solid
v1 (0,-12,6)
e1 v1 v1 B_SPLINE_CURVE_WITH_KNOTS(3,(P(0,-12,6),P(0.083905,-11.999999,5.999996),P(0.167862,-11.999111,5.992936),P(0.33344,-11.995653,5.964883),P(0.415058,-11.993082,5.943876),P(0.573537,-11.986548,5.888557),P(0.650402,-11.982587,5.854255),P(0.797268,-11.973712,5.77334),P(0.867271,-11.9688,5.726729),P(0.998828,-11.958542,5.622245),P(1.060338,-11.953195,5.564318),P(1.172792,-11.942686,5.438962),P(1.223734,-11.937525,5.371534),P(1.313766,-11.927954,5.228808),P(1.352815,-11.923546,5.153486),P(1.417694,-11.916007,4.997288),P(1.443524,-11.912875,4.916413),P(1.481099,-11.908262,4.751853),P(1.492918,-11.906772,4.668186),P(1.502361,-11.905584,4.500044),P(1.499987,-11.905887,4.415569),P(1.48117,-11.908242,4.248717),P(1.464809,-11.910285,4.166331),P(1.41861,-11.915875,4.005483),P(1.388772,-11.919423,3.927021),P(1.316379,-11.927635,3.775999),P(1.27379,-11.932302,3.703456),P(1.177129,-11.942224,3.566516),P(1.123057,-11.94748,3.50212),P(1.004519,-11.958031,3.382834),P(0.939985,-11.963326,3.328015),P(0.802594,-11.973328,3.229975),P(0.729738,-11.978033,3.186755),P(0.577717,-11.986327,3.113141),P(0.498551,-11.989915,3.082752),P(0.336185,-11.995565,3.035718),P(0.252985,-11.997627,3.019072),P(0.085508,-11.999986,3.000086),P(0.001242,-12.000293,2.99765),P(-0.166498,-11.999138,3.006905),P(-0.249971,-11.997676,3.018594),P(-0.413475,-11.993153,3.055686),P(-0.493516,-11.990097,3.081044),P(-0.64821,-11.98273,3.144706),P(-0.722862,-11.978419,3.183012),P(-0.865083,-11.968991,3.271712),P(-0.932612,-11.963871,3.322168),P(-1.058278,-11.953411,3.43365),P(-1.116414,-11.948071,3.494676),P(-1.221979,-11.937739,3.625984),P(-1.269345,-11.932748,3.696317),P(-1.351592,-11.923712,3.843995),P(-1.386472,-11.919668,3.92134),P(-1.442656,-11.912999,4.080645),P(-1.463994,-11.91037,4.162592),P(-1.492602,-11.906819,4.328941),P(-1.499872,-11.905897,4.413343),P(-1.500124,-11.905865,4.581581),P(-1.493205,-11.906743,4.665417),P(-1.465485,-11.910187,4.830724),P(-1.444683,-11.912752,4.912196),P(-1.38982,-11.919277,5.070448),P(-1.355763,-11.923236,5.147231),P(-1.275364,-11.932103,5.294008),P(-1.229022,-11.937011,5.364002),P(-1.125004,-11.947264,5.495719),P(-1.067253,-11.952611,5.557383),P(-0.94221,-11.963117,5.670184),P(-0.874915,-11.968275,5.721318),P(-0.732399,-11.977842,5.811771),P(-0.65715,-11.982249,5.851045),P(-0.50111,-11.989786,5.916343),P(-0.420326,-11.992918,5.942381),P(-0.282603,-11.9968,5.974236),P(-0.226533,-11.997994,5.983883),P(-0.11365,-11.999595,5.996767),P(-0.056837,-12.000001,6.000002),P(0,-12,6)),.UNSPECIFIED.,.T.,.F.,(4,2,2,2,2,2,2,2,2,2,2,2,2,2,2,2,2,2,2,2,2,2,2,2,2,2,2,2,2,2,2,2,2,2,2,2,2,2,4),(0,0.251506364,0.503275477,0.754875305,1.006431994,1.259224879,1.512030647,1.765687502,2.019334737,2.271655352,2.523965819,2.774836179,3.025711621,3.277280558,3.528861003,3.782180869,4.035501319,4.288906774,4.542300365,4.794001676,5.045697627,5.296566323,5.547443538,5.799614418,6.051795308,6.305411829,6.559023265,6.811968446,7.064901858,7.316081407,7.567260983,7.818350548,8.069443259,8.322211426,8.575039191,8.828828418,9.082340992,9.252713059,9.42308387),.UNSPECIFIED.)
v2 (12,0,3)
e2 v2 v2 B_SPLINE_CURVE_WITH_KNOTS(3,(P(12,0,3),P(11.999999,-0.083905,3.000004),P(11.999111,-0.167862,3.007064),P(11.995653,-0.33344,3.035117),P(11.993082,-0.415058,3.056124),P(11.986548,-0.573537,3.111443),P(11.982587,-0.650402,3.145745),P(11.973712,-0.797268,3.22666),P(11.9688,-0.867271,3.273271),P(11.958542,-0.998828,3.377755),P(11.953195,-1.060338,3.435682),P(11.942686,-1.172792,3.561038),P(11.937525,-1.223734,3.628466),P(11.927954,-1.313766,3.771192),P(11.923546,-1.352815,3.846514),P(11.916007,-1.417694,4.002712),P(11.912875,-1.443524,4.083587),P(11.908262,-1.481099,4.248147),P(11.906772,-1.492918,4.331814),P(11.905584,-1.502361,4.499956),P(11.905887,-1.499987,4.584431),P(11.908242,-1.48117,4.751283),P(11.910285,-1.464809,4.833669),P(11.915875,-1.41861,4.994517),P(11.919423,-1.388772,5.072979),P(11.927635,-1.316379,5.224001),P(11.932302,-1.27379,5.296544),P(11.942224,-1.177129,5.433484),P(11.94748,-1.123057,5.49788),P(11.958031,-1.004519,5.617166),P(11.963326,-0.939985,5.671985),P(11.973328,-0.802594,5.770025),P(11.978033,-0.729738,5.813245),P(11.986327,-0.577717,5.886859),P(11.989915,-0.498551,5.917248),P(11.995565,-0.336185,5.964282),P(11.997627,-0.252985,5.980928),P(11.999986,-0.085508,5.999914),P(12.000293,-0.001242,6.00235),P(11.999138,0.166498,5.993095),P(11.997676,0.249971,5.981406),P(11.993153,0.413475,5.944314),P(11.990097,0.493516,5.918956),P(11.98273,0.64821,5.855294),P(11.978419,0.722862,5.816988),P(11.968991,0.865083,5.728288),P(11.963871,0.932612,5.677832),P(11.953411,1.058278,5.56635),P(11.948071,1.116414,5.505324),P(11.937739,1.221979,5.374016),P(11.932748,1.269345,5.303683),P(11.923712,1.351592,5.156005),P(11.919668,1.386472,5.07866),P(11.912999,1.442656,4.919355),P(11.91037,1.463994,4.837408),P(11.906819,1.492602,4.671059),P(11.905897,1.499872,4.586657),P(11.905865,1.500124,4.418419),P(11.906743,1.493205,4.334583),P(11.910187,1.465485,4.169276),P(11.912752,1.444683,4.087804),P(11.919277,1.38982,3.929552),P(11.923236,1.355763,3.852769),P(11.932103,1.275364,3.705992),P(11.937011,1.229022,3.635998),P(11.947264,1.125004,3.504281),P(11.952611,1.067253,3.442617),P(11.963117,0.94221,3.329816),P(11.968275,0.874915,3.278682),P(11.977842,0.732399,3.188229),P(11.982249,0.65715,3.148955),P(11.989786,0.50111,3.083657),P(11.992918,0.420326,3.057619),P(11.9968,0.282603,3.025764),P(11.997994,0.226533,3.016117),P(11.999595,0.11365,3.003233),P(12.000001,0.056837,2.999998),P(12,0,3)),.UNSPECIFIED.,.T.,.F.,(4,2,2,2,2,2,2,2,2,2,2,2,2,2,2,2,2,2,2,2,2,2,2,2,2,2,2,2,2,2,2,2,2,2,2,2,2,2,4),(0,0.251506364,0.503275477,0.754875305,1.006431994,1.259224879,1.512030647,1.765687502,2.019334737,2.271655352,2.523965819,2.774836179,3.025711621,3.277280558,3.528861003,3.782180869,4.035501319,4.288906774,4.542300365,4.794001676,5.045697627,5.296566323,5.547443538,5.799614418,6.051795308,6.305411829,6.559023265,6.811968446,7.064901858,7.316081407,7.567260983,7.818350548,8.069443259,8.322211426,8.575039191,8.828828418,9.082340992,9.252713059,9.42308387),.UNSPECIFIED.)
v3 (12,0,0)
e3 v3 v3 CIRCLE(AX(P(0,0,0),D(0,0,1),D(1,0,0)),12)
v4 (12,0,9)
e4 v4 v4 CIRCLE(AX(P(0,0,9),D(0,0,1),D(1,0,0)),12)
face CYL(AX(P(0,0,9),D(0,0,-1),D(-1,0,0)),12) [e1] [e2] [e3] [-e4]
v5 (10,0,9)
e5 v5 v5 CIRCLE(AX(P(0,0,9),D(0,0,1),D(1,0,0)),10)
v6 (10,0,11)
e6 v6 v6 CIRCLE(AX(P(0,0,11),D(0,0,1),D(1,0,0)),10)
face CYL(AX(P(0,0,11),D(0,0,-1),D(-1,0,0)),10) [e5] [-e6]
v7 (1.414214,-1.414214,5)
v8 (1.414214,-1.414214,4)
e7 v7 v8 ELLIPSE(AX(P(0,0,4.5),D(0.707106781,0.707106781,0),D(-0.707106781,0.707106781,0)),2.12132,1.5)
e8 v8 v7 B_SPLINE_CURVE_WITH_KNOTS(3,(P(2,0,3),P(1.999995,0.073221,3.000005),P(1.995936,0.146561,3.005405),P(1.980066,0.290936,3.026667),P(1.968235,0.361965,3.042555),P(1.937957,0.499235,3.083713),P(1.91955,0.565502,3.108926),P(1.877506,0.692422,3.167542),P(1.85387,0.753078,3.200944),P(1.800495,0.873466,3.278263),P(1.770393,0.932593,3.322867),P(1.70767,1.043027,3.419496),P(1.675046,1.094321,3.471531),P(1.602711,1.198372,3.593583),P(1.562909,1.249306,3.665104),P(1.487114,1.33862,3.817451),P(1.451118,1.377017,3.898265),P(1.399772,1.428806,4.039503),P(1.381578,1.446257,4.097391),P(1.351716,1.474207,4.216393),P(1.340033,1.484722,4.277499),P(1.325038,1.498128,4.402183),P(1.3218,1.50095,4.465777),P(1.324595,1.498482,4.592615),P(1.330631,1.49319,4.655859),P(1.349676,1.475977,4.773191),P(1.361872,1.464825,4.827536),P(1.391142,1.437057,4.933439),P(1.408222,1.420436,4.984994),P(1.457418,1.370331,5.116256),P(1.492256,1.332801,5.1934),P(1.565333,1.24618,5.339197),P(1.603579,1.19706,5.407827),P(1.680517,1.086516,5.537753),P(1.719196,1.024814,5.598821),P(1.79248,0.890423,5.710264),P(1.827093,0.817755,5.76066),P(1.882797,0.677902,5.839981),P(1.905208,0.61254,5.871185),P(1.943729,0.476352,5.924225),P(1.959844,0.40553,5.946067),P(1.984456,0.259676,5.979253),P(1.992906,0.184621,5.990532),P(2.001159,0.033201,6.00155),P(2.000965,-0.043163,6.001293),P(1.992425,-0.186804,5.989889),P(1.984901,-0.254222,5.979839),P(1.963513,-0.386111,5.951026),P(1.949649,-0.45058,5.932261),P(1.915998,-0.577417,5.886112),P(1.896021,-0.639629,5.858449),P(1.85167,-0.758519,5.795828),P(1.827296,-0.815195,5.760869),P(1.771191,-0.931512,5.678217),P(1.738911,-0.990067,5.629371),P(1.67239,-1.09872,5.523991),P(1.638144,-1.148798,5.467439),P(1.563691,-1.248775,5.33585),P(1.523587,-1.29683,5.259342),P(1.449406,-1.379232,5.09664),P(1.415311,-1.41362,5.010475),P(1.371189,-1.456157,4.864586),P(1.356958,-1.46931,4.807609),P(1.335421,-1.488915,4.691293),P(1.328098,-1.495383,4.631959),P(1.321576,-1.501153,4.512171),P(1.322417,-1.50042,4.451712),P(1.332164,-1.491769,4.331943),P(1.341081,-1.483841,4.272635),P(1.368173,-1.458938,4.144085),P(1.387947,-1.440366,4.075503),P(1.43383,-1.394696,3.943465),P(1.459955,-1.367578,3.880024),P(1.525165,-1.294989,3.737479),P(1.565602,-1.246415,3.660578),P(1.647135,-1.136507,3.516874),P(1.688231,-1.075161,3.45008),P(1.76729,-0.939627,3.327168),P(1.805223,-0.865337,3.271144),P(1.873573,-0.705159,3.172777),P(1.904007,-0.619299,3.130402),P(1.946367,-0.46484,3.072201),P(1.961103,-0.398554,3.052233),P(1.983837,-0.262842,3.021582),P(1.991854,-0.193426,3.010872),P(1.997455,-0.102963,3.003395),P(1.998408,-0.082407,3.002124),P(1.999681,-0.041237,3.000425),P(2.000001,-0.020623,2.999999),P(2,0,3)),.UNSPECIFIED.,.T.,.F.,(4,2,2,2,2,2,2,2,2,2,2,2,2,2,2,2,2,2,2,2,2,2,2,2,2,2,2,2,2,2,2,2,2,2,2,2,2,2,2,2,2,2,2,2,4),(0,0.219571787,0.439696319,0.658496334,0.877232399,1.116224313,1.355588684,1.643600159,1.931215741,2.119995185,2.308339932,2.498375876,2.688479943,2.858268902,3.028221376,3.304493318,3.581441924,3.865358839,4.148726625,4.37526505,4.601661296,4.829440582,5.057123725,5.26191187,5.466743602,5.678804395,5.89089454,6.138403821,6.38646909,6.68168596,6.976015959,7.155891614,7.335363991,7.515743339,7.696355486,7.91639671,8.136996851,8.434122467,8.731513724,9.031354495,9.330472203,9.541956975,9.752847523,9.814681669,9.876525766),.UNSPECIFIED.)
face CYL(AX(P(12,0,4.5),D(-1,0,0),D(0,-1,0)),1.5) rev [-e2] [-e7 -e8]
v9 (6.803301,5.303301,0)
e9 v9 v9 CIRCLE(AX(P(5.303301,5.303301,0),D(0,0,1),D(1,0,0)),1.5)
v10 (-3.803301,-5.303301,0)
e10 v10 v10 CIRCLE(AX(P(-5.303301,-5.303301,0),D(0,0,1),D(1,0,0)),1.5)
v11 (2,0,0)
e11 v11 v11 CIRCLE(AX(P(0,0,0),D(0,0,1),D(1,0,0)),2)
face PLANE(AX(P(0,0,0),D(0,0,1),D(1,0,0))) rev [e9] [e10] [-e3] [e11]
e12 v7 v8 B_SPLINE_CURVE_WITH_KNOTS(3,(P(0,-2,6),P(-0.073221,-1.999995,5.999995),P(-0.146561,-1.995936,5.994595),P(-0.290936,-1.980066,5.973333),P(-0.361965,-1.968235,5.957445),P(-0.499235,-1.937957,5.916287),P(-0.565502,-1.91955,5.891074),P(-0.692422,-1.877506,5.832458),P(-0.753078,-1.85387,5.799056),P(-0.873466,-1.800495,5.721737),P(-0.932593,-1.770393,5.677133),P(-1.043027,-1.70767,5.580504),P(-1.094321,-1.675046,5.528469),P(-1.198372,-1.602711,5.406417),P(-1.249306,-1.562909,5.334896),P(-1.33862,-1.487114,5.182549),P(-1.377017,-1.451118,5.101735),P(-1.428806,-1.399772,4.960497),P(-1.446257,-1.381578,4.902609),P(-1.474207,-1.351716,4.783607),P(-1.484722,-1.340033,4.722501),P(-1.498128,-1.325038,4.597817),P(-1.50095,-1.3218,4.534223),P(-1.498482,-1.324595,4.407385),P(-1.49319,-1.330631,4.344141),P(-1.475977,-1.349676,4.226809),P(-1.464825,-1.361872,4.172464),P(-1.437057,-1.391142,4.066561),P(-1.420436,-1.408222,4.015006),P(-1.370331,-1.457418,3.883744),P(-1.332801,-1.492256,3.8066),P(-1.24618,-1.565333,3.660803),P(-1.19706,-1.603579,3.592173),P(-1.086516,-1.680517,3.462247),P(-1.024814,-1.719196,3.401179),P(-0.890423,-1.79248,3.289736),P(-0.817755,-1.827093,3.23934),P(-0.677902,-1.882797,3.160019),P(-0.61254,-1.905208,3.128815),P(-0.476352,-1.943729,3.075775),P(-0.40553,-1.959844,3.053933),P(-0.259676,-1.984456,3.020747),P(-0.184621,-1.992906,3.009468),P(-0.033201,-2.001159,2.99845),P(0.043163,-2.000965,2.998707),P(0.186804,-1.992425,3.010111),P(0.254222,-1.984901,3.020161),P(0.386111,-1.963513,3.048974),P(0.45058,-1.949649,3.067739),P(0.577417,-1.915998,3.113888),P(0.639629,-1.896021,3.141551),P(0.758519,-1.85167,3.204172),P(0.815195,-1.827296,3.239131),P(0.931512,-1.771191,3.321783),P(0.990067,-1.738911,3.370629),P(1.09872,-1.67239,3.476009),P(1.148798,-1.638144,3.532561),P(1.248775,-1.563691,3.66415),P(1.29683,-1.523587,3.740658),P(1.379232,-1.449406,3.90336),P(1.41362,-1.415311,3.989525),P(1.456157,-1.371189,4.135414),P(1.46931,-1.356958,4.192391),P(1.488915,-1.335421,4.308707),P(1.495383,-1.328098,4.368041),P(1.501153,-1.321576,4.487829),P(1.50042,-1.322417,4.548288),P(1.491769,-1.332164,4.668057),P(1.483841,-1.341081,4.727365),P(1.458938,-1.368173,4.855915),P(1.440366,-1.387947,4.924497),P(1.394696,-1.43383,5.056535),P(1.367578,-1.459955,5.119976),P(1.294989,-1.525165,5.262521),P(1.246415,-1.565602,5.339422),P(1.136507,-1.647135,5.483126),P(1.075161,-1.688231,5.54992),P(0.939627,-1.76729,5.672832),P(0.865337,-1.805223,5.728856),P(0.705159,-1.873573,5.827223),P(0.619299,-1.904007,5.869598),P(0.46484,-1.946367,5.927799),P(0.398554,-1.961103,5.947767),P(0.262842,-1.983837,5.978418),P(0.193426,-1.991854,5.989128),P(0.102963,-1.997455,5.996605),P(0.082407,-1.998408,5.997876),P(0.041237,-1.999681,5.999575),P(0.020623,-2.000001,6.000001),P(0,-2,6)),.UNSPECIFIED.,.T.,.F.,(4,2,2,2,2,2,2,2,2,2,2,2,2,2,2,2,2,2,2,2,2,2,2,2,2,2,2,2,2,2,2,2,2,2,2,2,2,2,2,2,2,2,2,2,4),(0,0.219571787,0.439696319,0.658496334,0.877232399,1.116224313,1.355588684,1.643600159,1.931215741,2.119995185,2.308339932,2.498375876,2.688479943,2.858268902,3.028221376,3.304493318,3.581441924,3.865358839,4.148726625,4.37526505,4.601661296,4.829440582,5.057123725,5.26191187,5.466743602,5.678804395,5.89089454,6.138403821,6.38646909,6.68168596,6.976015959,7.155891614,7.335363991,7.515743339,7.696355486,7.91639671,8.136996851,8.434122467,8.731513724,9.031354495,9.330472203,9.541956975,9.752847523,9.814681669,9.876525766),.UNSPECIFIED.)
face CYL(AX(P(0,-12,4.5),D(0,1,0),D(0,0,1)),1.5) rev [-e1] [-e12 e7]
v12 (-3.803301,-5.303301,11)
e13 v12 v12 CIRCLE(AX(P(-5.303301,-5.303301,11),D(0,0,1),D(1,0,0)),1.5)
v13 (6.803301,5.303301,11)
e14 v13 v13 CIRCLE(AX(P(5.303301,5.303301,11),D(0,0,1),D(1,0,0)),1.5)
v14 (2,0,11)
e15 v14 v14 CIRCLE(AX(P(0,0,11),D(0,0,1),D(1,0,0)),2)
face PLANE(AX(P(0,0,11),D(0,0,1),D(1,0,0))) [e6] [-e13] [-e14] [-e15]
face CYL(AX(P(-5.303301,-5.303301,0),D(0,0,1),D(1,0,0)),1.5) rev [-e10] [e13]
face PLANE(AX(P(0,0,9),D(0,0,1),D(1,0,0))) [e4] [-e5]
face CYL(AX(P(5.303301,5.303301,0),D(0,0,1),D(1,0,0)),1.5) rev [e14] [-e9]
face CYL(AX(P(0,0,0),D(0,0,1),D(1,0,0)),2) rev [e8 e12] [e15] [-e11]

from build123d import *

# Parameters (mm, degrees)
ESQUISSE1_R                  = 12
BOSS_EXTRU_1_DEPTH           = 9
ESQUISSE2_R                  = 10
BOSS_EXTRU_2_DEPTH           = 2
ESQUISSE3_R                  = 1.5
ESQUISSE3_R_2                = 2
ENL_V_MAT_EXTRU_1_DEPTH      = 12
ESQUISSE4_R                  = 1.5
ENL_V_MAT_EXTRU_2_DEPTH      = 13
R_P_TITION_CIRCULAIRE1_COUNT = 2
R_P_TITION_CIRCULAIRE1_ANGLE = 90


with BuildPart() as part:
    # Esquisse1 → Boss.-Extru.1 (new body)
    with BuildSketch(Plane.XY):
        Circle(ESQUISSE1_R)
    extrude(amount=BOSS_EXTRU_1_DEPTH)

    # Esquisse2 → Boss.-Extru.2 (add)
    with BuildSketch(Plane.XY.offset(9)):
        Circle(ESQUISSE2_R)
    extrude(amount=BOSS_EXTRU_2_DEPTH)

    # Esquisse3 → Enlèv. mat.-Extru.1 (cut, through all)
    with BuildSketch(Plane.XY.offset(11)):
        with Locations((-5.303300859, -5.303300859)):
            Circle(ESQUISSE3_R)
        with Locations((5.303300859, 5.303300859)):
            Circle(ESQUISSE3_R)
        Circle(ESQUISSE3_R_2)
    extrude(amount=-ENL_V_MAT_EXTRU_1_DEPTH, mode=Mode.SUBTRACT)

    # Esquisse4 → Enlèv. mat.-Extru.2 (cut, through all)
    with BuildSketch(Plane(origin=(0, 0, 0), x_dir=(1, 0, 0), z_dir=(0, 1, 0))):
        with Locations((0, -4.5)):
            Circle(ESQUISSE4_R)
    enl_v_mat_extru_2 = extrude(amount=-ENL_V_MAT_EXTRU_2_DEPTH, mode=Mode.SUBTRACT)

    # Répétition circulaire1: Enlèv. mat.-Extru.2 ×2 about axis
    r_p_tition_circulaire1_axis = Axis((0, 0, 9), (0, 0, 1))
    for i in range(1, R_P_TITION_CIRCULAIRE1_COUNT):
        add(enl_v_mat_extru_2.rotate(r_p_tition_circulaire1_axis, i * R_P_TITION_CIRCULAIRE1_ANGLE / (R_P_TITION_CIRCULAIRE1_COUNT - 1)), mode=Mode.SUBTRACT)


solid = part.part
